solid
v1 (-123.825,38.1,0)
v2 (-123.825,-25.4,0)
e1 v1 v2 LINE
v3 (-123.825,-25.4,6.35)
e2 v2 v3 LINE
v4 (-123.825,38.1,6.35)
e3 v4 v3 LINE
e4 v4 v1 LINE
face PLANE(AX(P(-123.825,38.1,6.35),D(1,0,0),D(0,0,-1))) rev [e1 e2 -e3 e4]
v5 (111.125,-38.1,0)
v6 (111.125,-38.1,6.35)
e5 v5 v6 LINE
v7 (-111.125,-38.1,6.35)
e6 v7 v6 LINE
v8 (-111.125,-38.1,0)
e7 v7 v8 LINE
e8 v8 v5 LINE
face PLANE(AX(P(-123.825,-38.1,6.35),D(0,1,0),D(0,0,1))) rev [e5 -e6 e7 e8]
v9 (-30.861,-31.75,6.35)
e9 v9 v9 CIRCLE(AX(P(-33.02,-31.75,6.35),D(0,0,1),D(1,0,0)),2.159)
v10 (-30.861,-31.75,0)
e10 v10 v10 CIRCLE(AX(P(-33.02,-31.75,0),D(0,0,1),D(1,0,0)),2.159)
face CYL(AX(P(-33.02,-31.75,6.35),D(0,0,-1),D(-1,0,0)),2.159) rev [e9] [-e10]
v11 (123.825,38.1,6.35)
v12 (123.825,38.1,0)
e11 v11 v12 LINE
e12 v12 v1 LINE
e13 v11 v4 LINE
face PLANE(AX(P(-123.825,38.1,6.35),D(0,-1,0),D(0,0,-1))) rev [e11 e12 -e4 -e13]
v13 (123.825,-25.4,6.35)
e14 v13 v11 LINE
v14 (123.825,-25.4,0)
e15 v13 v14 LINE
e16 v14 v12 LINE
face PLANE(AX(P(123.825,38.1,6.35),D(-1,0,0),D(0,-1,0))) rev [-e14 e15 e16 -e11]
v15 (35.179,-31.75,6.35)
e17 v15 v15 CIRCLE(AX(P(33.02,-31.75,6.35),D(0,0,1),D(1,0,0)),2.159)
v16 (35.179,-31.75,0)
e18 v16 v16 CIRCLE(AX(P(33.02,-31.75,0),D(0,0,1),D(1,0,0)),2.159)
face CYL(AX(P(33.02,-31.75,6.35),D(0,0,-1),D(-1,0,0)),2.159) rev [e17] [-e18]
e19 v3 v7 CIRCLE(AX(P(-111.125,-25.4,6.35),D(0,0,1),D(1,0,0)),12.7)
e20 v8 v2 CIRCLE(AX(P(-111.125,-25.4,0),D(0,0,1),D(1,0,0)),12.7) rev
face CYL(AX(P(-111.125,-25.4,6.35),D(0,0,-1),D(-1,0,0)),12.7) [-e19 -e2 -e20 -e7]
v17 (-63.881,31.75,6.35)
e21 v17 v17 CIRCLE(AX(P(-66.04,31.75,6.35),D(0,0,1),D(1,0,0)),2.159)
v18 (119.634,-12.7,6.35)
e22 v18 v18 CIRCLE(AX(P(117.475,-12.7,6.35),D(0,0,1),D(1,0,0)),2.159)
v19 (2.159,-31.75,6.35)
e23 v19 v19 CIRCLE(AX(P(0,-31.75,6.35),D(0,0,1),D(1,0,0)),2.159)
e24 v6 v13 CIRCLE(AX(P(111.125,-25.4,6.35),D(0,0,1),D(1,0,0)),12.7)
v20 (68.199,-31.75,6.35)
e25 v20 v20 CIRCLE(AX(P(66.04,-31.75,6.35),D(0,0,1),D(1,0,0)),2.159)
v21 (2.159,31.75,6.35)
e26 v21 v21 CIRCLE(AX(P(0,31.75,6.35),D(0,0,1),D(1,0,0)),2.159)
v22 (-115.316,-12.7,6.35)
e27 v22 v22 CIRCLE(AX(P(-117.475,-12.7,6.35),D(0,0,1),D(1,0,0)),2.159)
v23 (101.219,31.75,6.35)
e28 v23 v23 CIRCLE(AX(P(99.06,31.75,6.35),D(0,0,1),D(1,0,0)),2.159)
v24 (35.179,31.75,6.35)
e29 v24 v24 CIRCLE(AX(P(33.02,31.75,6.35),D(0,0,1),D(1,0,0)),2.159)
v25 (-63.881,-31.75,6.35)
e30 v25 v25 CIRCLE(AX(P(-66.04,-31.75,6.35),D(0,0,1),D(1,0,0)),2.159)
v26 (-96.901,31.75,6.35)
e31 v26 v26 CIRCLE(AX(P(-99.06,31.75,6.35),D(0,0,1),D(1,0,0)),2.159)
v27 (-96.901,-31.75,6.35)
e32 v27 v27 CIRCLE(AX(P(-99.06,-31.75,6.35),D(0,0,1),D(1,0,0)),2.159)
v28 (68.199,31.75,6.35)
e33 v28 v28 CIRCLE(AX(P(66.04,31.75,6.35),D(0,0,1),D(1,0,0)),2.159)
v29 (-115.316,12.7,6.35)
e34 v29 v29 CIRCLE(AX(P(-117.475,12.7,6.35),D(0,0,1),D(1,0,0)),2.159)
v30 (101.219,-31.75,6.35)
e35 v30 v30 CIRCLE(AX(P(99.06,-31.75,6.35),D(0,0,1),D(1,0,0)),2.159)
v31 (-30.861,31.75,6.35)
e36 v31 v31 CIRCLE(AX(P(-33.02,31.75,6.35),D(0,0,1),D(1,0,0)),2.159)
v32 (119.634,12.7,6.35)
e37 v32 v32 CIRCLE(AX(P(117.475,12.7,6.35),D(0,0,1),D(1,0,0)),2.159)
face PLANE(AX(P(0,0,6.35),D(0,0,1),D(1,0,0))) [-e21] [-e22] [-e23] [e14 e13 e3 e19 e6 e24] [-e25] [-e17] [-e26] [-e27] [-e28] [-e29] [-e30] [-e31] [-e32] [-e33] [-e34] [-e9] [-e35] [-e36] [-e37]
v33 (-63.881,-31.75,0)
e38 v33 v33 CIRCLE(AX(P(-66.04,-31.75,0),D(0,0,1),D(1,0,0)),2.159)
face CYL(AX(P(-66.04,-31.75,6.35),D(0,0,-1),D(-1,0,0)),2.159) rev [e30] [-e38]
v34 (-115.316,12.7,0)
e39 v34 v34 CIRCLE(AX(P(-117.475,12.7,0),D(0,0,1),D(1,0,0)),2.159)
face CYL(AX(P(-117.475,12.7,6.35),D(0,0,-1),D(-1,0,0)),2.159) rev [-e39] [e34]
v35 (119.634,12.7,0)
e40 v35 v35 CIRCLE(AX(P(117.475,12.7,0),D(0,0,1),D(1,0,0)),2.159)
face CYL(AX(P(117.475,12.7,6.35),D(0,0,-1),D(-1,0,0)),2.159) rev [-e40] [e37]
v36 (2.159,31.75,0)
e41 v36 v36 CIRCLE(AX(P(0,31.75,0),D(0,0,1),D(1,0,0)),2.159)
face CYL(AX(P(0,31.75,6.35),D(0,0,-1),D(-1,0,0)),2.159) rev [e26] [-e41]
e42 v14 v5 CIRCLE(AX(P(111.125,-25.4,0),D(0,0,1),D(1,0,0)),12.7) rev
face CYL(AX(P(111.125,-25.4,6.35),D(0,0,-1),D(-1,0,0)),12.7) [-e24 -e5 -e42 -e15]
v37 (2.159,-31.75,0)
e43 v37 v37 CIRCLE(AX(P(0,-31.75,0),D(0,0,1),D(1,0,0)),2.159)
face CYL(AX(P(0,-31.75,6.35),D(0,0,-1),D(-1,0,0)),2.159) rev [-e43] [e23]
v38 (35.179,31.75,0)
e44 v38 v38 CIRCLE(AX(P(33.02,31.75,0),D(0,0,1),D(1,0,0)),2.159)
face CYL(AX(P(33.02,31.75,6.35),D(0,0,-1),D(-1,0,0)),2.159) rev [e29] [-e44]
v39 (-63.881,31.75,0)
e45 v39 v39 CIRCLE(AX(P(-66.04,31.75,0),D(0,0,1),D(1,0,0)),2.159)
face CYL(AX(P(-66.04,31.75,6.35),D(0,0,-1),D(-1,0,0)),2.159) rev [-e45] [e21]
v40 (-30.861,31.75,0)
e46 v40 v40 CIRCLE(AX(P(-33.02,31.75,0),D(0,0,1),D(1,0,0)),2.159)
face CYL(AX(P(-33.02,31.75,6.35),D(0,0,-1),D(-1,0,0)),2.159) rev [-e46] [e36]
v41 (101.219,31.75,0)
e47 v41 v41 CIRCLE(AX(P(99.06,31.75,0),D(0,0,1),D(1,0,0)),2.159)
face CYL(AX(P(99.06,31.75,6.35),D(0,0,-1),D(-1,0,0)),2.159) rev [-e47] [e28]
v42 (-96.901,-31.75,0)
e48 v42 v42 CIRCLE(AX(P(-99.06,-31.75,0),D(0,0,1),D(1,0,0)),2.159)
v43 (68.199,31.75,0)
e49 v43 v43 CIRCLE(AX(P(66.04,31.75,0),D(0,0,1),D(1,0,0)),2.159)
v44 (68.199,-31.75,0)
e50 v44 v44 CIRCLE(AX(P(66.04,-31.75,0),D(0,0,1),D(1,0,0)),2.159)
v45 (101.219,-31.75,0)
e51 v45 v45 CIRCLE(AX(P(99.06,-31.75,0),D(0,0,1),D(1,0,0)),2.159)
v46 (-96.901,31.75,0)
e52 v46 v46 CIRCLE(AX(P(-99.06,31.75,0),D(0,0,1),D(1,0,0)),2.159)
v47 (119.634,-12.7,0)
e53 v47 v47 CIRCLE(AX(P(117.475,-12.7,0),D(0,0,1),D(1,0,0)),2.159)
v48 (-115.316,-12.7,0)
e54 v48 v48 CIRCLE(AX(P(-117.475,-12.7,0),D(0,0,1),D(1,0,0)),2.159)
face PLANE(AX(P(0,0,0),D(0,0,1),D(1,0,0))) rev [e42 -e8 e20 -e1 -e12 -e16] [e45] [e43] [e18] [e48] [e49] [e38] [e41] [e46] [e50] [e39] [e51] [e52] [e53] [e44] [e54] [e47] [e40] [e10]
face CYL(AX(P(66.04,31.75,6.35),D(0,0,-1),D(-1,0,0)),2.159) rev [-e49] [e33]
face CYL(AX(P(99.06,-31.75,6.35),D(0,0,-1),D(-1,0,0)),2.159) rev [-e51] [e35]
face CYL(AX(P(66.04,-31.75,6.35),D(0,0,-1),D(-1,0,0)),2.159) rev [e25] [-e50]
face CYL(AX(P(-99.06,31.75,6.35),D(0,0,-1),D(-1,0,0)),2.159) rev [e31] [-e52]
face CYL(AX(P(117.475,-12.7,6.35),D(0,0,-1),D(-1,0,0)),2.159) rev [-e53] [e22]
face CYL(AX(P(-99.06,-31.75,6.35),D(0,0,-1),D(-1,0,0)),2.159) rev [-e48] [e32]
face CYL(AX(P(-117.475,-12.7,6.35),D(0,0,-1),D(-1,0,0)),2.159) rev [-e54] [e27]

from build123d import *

# Parameters (mm, degrees)
SKETCH1_W           = 247.65
SKETCH1_H           = 76.2
SKETCH1_R           = 2.159
BOSS_EXTRUDE1_DEPTH = 6.35
FILLET1_R           = 12.7


with BuildPart() as part:
    # Sketch1 → Boss-Extrude1 (new body)
    with BuildSketch(Plane.XY):
        Rectangle(SKETCH1_W, SKETCH1_H)
        with Locations((-117.475, 12.7)):
            Circle(SKETCH1_R, mode=Mode.SUBTRACT)
        with Locations((-117.475, -12.7)):
            Circle(SKETCH1_R, mode=Mode.SUBTRACT)
        with Locations((-99.06, -31.75)):
            Circle(SKETCH1_R, mode=Mode.SUBTRACT)
        with Locations((-66.04, -31.75)):
            Circle(SKETCH1_R, mode=Mode.SUBTRACT)
        with Locations((-33.02, -31.75)):
            Circle(SKETCH1_R, mode=Mode.SUBTRACT)
        with Locations((0, -31.75)):
            Circle(SKETCH1_R, mode=Mode.SUBTRACT)
        with Locations((33.02, -31.75)):
            Circle(SKETCH1_R, mode=Mode.SUBTRACT)
        with Locations((66.04, -31.75)):
            Circle(SKETCH1_R, mode=Mode.SUBTRACT)
        with Locations((99.06, -31.75)):
            Circle(SKETCH1_R, mode=Mode.SUBTRACT)
        with Locations((117.475, -12.7)):
            Circle(SKETCH1_R, mode=Mode.SUBTRACT)
        with Locations((117.475, 12.7)):
            Circle(SKETCH1_R, mode=Mode.SUBTRACT)
        with Locations((99.06, 31.75)):
            Circle(SKETCH1_R, mode=Mode.SUBTRACT)
        with Locations((66.04, 31.75)):
            Circle(SKETCH1_R, mode=Mode.SUBTRACT)
        with Locations((33.02, 31.75)):
            Circle(SKETCH1_R, mode=Mode.SUBTRACT)
        with Locations((0, 31.75)):
            Circle(SKETCH1_R, mode=Mode.SUBTRACT)
        with Locations((-33.02, 31.75)):
            Circle(SKETCH1_R, mode=Mode.SUBTRACT)
        with Locations((-66.04, 31.75)):
            Circle(SKETCH1_R, mode=Mode.SUBTRACT)
        with Locations((-99.06, 31.75)):
            Circle(SKETCH1_R, mode=Mode.SUBTRACT)
    extrude(amount=BOSS_EXTRUDE1_DEPTH)

    # Fillet1
    fillet1_edges = [part.edges().sort_by_distance(p)[0] for p in [
        (123.825, -38.1, 3.175),
        (-123.825, -38.1, 3.175),
    ]]
    fillet(fillet1_edges, radius=FILLET1_R)


solid = part.part
